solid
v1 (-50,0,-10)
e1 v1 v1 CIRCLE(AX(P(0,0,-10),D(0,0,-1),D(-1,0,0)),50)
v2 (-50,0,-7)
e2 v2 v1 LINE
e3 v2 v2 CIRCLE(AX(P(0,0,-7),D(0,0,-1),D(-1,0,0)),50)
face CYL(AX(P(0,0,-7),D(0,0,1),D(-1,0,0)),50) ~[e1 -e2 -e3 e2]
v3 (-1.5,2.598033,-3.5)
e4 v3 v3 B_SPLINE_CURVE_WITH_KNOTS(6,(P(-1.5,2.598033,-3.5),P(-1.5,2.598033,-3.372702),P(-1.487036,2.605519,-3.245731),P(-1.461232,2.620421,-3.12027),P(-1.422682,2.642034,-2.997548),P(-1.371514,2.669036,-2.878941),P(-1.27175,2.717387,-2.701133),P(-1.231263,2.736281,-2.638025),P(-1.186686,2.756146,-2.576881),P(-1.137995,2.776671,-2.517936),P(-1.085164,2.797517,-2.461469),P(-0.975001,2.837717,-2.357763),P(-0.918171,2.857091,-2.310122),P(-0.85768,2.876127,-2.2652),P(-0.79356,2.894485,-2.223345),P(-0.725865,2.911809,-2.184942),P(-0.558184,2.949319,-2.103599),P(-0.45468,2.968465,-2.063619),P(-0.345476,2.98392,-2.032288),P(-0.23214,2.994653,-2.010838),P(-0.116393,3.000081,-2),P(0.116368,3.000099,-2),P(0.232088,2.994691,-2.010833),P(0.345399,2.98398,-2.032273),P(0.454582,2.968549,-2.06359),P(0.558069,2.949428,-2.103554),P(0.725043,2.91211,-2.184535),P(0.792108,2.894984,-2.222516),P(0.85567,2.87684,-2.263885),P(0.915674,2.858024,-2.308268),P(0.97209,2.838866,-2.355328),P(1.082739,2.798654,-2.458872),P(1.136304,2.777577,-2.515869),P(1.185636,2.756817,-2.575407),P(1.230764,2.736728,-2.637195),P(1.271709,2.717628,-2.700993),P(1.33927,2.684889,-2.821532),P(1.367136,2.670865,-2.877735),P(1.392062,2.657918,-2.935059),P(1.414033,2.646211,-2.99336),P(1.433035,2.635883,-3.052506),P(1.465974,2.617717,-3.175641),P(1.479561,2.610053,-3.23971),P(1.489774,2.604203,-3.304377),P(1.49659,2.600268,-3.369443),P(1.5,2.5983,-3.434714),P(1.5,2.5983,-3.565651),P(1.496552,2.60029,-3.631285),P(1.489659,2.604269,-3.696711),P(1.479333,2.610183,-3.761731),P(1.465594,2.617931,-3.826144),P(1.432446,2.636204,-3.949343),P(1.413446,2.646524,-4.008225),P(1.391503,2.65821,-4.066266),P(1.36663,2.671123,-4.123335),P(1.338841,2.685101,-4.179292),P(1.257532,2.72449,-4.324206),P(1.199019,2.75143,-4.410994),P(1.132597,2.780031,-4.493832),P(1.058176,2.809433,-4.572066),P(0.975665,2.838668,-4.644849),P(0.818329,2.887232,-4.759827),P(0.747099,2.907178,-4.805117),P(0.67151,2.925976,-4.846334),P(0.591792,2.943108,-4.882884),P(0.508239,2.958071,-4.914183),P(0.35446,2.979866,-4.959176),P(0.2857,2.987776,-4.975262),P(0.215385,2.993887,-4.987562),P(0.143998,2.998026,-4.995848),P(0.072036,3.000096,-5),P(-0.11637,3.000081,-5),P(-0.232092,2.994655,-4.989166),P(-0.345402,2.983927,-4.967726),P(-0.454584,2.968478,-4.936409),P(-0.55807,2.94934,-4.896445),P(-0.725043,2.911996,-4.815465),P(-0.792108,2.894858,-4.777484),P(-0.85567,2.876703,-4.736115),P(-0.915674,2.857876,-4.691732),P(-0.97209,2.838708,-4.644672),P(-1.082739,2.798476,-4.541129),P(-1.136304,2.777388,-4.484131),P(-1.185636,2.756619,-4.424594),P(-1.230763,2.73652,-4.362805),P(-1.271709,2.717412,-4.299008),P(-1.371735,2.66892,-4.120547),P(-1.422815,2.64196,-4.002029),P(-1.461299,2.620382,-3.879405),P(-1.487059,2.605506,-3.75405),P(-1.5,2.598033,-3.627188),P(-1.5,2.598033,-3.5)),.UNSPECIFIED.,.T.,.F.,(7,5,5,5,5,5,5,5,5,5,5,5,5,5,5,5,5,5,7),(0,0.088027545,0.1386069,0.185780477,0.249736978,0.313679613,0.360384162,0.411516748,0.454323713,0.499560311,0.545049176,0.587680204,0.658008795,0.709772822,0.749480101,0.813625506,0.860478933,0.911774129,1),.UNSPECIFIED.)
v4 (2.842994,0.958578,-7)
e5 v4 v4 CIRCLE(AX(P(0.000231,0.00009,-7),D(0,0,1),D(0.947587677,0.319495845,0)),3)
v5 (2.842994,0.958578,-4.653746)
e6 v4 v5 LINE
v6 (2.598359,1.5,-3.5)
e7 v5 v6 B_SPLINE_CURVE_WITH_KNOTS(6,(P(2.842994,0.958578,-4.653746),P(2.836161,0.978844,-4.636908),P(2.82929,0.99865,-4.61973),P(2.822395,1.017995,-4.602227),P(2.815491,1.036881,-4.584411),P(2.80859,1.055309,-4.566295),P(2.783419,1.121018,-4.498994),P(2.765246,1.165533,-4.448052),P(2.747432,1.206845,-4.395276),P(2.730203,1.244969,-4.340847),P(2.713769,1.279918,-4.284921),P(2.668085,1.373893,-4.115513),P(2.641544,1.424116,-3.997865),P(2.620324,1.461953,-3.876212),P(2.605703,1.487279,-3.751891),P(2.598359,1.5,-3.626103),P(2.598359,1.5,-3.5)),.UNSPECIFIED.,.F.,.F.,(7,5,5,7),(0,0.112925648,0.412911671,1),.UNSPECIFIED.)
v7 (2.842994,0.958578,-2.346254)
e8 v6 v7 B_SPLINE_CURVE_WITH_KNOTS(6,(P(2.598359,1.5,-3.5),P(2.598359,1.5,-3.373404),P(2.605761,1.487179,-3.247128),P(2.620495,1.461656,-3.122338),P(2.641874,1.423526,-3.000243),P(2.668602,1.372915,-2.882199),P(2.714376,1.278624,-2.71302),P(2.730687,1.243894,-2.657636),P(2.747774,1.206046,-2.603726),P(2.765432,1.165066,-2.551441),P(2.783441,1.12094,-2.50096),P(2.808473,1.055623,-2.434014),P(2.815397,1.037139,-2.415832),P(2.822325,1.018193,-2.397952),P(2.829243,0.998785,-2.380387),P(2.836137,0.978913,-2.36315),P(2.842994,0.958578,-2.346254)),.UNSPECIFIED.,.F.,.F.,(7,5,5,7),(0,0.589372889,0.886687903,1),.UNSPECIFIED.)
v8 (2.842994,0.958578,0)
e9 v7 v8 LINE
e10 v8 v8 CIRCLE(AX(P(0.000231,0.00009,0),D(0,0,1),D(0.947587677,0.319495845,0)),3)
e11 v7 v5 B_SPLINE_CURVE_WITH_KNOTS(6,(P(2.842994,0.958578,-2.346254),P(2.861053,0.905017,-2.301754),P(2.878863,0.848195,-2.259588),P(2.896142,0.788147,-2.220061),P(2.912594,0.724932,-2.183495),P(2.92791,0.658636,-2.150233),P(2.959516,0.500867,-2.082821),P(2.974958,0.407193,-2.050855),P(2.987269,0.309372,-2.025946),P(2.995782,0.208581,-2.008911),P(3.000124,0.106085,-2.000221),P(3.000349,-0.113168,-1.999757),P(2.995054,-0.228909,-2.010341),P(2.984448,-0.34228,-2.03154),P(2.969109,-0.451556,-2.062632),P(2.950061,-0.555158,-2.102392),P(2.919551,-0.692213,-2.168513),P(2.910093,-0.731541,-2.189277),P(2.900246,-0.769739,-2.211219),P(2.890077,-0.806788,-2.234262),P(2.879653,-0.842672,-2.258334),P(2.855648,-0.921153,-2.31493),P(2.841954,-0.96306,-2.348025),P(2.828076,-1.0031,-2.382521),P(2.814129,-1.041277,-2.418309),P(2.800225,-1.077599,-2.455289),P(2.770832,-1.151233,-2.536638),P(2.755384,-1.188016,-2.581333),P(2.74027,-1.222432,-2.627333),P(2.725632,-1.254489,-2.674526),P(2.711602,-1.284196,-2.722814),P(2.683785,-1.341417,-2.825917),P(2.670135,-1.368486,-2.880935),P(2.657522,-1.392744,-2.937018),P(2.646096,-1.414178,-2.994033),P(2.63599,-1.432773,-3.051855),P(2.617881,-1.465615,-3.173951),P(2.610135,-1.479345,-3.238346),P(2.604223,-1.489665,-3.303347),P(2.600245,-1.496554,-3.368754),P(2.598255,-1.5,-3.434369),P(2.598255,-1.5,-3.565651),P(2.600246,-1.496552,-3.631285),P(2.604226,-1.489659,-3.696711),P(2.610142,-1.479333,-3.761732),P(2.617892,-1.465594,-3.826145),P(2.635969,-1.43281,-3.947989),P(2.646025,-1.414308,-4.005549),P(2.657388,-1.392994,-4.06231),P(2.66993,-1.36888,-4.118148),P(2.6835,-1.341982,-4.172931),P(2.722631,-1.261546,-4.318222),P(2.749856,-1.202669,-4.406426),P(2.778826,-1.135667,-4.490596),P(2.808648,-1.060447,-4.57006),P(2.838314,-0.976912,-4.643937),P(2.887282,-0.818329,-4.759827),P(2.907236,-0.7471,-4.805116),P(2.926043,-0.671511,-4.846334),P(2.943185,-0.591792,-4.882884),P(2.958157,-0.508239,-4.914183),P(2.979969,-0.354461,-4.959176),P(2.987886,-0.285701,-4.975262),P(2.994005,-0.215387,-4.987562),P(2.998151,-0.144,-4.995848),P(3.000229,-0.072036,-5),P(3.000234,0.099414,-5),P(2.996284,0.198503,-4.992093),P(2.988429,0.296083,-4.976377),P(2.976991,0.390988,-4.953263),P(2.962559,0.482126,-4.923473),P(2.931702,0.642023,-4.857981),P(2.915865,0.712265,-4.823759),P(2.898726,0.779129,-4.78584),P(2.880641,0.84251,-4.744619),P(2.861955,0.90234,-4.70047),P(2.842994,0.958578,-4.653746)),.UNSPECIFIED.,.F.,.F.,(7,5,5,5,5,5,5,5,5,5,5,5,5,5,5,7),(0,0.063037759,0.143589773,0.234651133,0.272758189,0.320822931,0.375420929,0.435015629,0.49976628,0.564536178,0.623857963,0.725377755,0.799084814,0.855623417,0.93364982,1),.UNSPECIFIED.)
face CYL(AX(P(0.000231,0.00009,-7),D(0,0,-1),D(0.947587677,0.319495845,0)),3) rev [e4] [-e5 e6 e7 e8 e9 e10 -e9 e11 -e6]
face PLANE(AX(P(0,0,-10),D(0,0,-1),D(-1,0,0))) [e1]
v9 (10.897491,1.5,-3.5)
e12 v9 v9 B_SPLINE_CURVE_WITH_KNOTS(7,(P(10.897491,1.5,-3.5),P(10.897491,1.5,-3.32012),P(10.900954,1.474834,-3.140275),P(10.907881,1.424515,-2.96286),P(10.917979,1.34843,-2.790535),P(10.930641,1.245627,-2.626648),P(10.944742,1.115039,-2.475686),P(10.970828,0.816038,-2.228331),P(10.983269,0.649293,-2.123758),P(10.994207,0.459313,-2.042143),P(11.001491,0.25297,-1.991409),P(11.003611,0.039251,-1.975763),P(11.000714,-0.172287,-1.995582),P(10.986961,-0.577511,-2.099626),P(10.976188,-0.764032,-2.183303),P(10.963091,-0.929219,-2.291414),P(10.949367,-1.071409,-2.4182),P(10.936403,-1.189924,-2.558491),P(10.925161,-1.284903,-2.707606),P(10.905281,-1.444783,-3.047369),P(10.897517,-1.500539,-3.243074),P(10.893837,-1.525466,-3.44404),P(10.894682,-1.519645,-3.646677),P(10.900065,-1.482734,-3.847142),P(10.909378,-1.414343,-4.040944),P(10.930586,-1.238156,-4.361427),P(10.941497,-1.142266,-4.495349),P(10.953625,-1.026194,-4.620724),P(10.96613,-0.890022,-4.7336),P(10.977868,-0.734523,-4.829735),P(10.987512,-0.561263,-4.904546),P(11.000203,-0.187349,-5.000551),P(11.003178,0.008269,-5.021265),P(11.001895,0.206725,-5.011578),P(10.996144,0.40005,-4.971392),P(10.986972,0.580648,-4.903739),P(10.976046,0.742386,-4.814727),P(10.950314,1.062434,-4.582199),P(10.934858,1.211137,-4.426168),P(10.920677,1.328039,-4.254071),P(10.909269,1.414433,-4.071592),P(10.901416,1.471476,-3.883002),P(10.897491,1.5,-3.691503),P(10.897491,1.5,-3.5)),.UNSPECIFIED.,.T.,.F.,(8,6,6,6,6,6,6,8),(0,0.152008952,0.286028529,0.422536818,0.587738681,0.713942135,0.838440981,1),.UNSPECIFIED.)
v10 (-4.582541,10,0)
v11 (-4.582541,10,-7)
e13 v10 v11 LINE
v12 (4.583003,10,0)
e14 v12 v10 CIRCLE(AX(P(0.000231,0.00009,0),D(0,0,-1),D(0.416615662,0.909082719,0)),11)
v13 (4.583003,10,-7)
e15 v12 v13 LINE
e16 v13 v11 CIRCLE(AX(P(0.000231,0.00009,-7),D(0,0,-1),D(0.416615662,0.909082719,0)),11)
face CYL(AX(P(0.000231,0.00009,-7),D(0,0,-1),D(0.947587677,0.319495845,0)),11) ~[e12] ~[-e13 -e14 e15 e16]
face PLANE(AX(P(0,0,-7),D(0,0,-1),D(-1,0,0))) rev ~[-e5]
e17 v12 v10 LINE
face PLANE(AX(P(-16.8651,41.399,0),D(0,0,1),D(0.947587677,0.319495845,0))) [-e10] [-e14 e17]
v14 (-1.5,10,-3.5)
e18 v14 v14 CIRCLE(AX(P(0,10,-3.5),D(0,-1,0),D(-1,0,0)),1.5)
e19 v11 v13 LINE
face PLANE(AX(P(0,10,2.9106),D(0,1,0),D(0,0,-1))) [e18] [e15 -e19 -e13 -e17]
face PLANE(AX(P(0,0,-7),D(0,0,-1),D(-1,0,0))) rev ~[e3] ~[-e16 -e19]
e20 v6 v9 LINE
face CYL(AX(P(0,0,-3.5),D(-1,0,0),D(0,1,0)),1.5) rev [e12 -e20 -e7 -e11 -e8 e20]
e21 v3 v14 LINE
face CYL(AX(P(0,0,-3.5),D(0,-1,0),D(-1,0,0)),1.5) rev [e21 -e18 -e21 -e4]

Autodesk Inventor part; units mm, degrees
ref_plane "YZ Plane" through (0, 0, 0) normal (1, 0, 0) x (0, 1, 0)
ref_plane "XZ Plane" through (0, 0, 0) normal (0, 1, 0) x (-1, 0, 0)
ref_plane "XY Plane" through (0, 0, 0) normal (0, 0, 1) x (1, 0, 0)
sketch "Sketch1" plane through (0, 0, 0) normal (0, 0, 1) x (1, 0, 0)
  spline S0 degree 3 poles (-8.9262, 55.5372) (-8.7839, 55.3802) (-8.4991, 55.0662) (-8.0852, 54.5835) (-7.6813, 54.0924) (-7.2889, 53.592) (-6.9084, 53.0826) (-6.5406, 52.5638) (-6.1865, 52.0357) (-5.8469, 51.4981) (-5.5231, 50.9508) (-5.2164, 50.3937) (-4.9286, 49.8267) (-4.6617, 49.2495) (-4.4187, 48.6617) (-4.2033, 48.0633) (-4.0539, 47.5547) (-3.9553, 47.1422) (-3.9241, 46.9325) (-3.9085, 46.8277) knots 0 0 0 0 0.063581 0.127162 0.190743 0.254324 0.317905 0.381486 0.445066 0.508647 0.572227 0.635807 0.699386 0.762964 0.826542 0.890117 0.953687 0.985476 1.017256 1.017256 1.017256 1.017256
  spline S1 degree 3 poles (-3.9085, 46.8277) (-3.8988, 46.6849) (-3.8795, 46.3993) (-3.8286, 45.9728) (-3.7545, 45.5498) (-3.6583, 45.1311) (-3.5319, 44.7205) (-3.3763, 44.3201) (-3.189, 43.9333) (-2.9645, 43.5666) (-2.7433, 43.2845) (-2.5493, 43.0739) (-2.3922, 42.9274) (-2.2262, 42.7911) (-2.0526, 42.6646) (-1.8686, 42.5537) (-1.678, 42.4548) (-1.4812, 42.3683) (-1.2769, 42.302) (-1.0697, 42.2449) (-0.8577, 42.21) (-0.6441, 42.187) (-0.3577, 42.1846) (0, 42.1894) (0.3577, 42.1846) (0.6441, 42.187) (0.8577, 42.21) (1.0697, 42.2449) (1.2769, 42.302) (1.4812, 42.3683) (1.678, 42.4548) (1.8686, 42.5537) (2.0526, 42.6646) (2.2262, 42.7911) (2.3922, 42.9274) (2.5493, 43.0739) (2.7433, 43.2845) (2.9645, 43.5666) (3.189, 43.9333) (3.3763, 44.3201) (3.5319, 44.7205) (3.6583, 45.1311) (3.7545, 45.5498) (3.8286, 45.9728) (3.8795, 46.3993) (3.8988, 46.6849) (3.9085, 46.8277) knots 0 0 0 0 0.04293 0.085861 0.12879 0.17172 0.214646 0.257562 0.300476 0.343394 0.386302 0.407769 0.429238 0.450698 0.472163 0.49363 0.515088 0.536554 0.558017 0.579478 0.600945 0.622403 0.64387 0.686802 0.729734 0.751201 0.772659 0.794126 0.815587 0.83705 0.858516 0.879974 0.901441 0.922906 0.944366 0.965835 0.987302 1.03021 1.073128 1.116042 1.158958 1.201884 1.244814 1.287743 1.330674 1.373604 1.373604 1.373604 1.373604
  spline S2 degree 3 poles (3.9085, 46.8277) (3.9241, 46.9325) (3.9553, 47.1422) (4.0539, 47.5547) (4.2033, 48.0633) (4.4187, 48.6617) (4.6617, 49.2495) (4.9286, 49.8267) (5.2164, 50.3937) (5.5231, 50.9508) (5.8469, 51.4981) (6.1865, 52.0357) (6.5406, 52.5638) (6.9084, 53.0826) (7.2889, 53.592) (7.6813, 54.0924) (8.0852, 54.5835) (8.4991, 55.0662) (8.7839, 55.3802) (8.9262, 55.5372) knots 0 0 0 0 0.03178 0.063568 0.127139 0.190714 0.254291 0.31787 0.381449 0.445029 0.508609 0.572189 0.63577 0.699351 0.762932 0.826513 0.890094 0.953675 1.017256 1.017256 1.017256 1.017256
  circle A0 centre (0, 0) radius 42.1875 construction
  circle A1 centre (0, 0) radius 46.9846 construction
  circle A2 centre (0, 0) radius 50 construction
  circle A3 centre (0, 0) radius 56.25
  point P0 (-8.5013, 55.0643)
  point P1 (-8.0869, 54.5821)
  point P2 (-7.6832, 54.0908)
  point P3 (-7.2909, 53.5905)
  point P4 (-6.9105, 53.081)
  point P5 (-6.5429, 52.5623)
  point P6 (-6.1889, 52.0341)
  point P7 (-5.8496, 51.4965)
  point P8 (-5.526, 50.9492)
  point P9 (-5.2196, 50.3921)
  point P10 (-4.9321, 49.825)
  point P11 (-4.6657, 49.2477)
  point P12 (-4.4233, 48.6599)
  point P13 (-4.2093, 48.0613)
  point P14 (-4.031, 47.4511)
  point P15 (-3.9598, 47.1413)
  point P16 (-3.8758, 46.3996)
  point P17 (-3.8247, 45.9733)
  point P18 (-3.7508, 45.5505)
  point P19 (-3.6533, 45.1324)
  point P20 (-3.527, 44.7221)
  point P21 (-3.371, 44.3223)
  point P22 (-3.1828, 43.9367)
  point P23 (-2.9576, 43.5713)
  point P24 (-2.6935, 43.2332)
  point P25 (-2.5474, 43.0758)
  point P26 (-2.3907, 42.9291)
  point P27 (-2.225, 42.7928)
  point P28 (-2.0509, 42.6672)
  point P29 (-1.8675, 42.5557)
  point P30 (-1.677, 42.4569)
  point P31 (-1.48, 42.3717)
  point P32 (-1.2764, 42.3036)
  point P33 (-1.069, 42.2486)
  point P34 (-0.8574, 42.212)
  point P35 (-0.6439, 42.1905)
  point P36 (-0.4293, 42.1857)
  point P37 (0, 42.1875)
  point P38 (0.4293, 42.1857)
  point P39 (0.6439, 42.1905)
  point P40 (0.8574, 42.212)
  point P41 (1.069, 42.2486)
  point P42 (1.2764, 42.3036)
  point P43 (1.48, 42.3717)
  point P44 (1.677, 42.4569)
  point P45 (1.8675, 42.5557)
  point P46 (2.0509, 42.6672)
  point P47 (2.225, 42.7928)
  point P48 (2.3907, 42.9291)
  point P49 (2.5474, 43.0758)
  point P50 (2.6935, 43.2332)
  point P51 (2.9576, 43.5713)
  point P52 (3.1828, 43.9367)
  point P53 (3.371, 44.3223)
  point P54 (3.527, 44.7221)
  point P55 (3.6533, 45.1324)
  point P56 (3.7508, 45.5505)
  point P57 (3.8247, 45.9733)
  point P58 (3.8758, 46.3996)
  point P59 (3.9598, 47.1413)
  point P60 (4.031, 47.4511)
  point P61 (4.2093, 48.0613)
  point P62 (4.4233, 48.6599)
  point P63 (4.6657, 49.2477)
  point P64 (4.9321, 49.825)
  point P65 (5.2196, 50.3921)
  point P66 (5.526, 50.9492)
  point P67 (5.8496, 51.4965)
  point P68 (6.1889, 52.0341)
  point P69 (6.5429, 52.5623)
  point P70 (6.9105, 53.081)
  point P71 (7.2909, 53.5905)
  point P72 (7.6832, 54.0908)
  point P73 (8.0869, 54.5821)
  point P74 (8.5013, 55.0643)
extrude "Extrusion1" add sketch "Sketch1" against normal blind 16
extrude "Extrusion2" cut sketch "Sketch1" against normal through all contours A3 S2 S1 S0 picked at (0.9155, 51.5438)
pattern_circular "Circular Pattern1" count 16 over 360 about axis through (0, 0, 0) along (0, 0, -1) of "Extrusion2"
sketch "Measuring" plane through (0, 0, -16) normal (0, 0, -1) x (-1, 0, 0)
  circle A0 centre (0, 0) radius 56.25 projected
  circle A1 centre (0, 0) radius 50
  circle A2 centre (73.063, 68.2774) radius 50 construction
  line L0 (27.9744, 52.4494) -> (54.2214, 24.3627) construction
  line L1 (41.0979, 38.406) -> (73.063, 68.2774) construction
  dimension "d37" = 100
  dimension "d45" = 6.25
  dimension "d46" = 100
  dimension "d47" = 43.75
sketch "Sketch11" plane through (0, 0, 0) normal (1, 0, 0) x (0, 1, 0)
  line L0 (13.8864, 0) -> (-13.8864, 0) construction
  line L1 (-13.8864, 0) -> (-13.8864, -7) construction
  line L2 (-13.8864, -7) -> (13.8864, -7) construction
  line L3 (13.8864, -7) -> (13.8864, 0) construction
  circle A0 centre (0, -3.5) radius 1.5 construction
  line L4 (-1.3941, -2) -> (1.3941, -2) construction
  line L5 (-3.9085, -16) -> (3.9085, -16) construction
  line L6 (-67.1444, 3.8787) -> (73.9482, 3.8787)
  line L7 (73.9482, 3.8787) -> (73.9482, -7)
  line L8 (73.9482, -7) -> (-67.1444, -7)
  line L9 (-67.1444, -7) -> (-67.1444, 3.8787)
  point P0 (0, 0)
  point P1 (0, 0)
  point P2 (-13.8864, -3.5)
  point P3 (0, -2)
  dimension "d48" = 3
  dimension "d49" = 2
  dimension "d50" = 9
  dimension "d58" = 7
extrude "Thinner" cut sketch "Sketch11" against normal through all both and the other way through all
sketch "Sketch12" plane through (-16.8651, 41.399, -7) normal (0, 0, 1) x (0.9476, 0.3195, 0)
  circle A0 centre (2.7546, -44.6175) radius 3
  dimension "d54" = 6
extrude "Hole" cut sketch "Sketch12" against normal blind 20
sketch "Sketch13" plane through (-16.8651, 41.399, -7) normal (0, 0, 1) x (0.9476, 0.3195, 0)
  circle A0 centre (2.7546, -44.6175) radius 11
  circle A1 centre (2.7546, -44.6175) radius 3 projected
  dimension "d57" = 8
extrude "Coupler" add sketch "Sketch13" along normal blind 7
sketch "Sketch14" plane through (-16.8651, 41.399, -7) normal (0, 0, 1) x (0.9476, 0.3195, 0)
  circle A0 centre (11.251, -19.4175) radius 9
  line L0 (16.2331, -4.641) -> (2.7546, -44.6175) construction
  circle A1 centre (2.7546, -44.6175) radius 11 construction
  circle A2 centre (2.7546, -44.6175) radius 11 construction
  line L1 (6.269, -34.194) -> (16.2331, -4.641) construction
  circle A3 centre (-14.821, -24.6594) radius 9
  circle A4 centre (-23.3174, -49.8593) radius 9
  circle A5 centre (-5.7418, -69.8174) radius 9
  circle A6 centre (20.3302, -64.5756) radius 9
  circle A7 centre (28.8266, -39.3756) radius 9
  dimension "d61" = 18
  dimension "d64" = 360
extrude "Cutouts" cut sketch "Sketch14" against normal through all
sketch "Sketch15" plane through (0, 0, 0) normal (1, 0, 0) x (0, 1, 0)
  circle A0 centre (0, -3.5) radius 1.5
  line L0 (11, 0) -> (-11, 0) projected
  line L1 (0, 0) -> (0, -7) construction
  line L2 (0, -7) -> (0, 0) construction
  line L3 (-11, -7) -> (11, -7) construction
  point P0 (0, 0)
  point P1 (-10.9663, -7)
  dimension "d68" = 3
extrude "SetScrewHole1" cut sketch "Sketch15" along normal through all
sketch "Sketch16" plane through (0, 0, 0) normal (0, 1, 0) x (-1, 0, 0)
  circle A0 centre (0, -3.5) radius 1.5
  line L0 (-11, -7) -> (11, -7) projected
  line L1 (0, 0) -> (0, -7) construction
  dimension "d71" = 3
extrude "Extrusion14" cut sketch "Sketch16" along normal through all
thread "Thread3" size "M3x0.5" class "6H" standard "ANSI Metric M Profile" full length
thread "Thread4" size "M3x0.5" class "6H" standard "ANSI Metric M Profile" full length
sketch "Sketch17" plane through (-16.8651, 41.399, -7) normal (0, 0, 1) x (0.9476, 0.3195, 0)
  line L0 (-62.2572, 14.3784) -> (64.742, 14.3784)
  line L1 (64.742, 14.3784) -> (64.742, -104.7192)
  line L2 (64.742, -104.7192) -> (-62.2572, -104.7192)
  line L3 (-62.2572, -104.7192) -> (-62.2572, 14.3784)
  point P0 (2.7546, -44.6175)
extrude "Extrusion15" cut sketch "Sketch17" against normal blind 10
sketch "Sketch18" plane through (0, 0, -7) normal (0, 0, -1) x (-1, 0, 0)
  circle A0 centre (0, 0) radius 50
  dimension "d80" = 100
extrude "Extrusion16" add sketch "Sketch18" along normal blind 3
sketch "Sketch19" plane through (0, 0, -10) normal (0, 0, -1) x (-1, 0, 0)
  line L0 (-50, 50) -> (50, 50) construction
  line L1 (50, 50) -> (50, -50) construction
  line L2 (50, -50) -> (-50, -50) construction
  line L3 (-50, -50) -> (-50, 50) construction
  circle A0 centre (0, 0) radius 50 projected
sketch "Sketch20" plane through (0, 0, 0) normal (1, 0, 0) x (0, 1, 0)
  line L0 (-50, -7) -> (50, -7) projected
  line L1 (18.4735, 2.9106) -> (10, 2.9106)
  line L2 (10, 2.9106) -> (10, -7)
  line L3 (10, -7) -> (18.4735, -7)
  line L4 (18.4735, -7) -> (18.4735, 2.9106)
  point P0 (0, 0)
  dimension "d124" = 10
extrude "Extrusion17" cut sketch "Sketch20" along normal through all both and the other way through all
equation "\"Module\" = 6.25"
equation "\"PressureAngle\" = 20deg"
equation "\"UnitProfileClearance\" = 0.25"
equation "\"UnitRoundRadius\" = 0.35"
equation "\"HeadDiameter\" = 112.5"
equation "\"RootDiameter\" = 84.375"
equation "\"BaseDiameter\" = 93.96926"
equation "\"HelixAngle\" = 0"
equation "\"UnitCorrection\" = 0"
equation "\"UnitAddendumModification\" = 0"
equation "\"CircularPitch\" = 19.634954"
equation "\"UnitBacklashShift\" = 0"
equation "\"TotalToolShift\" = 0"
equation "\"IsInternal\" = 0"
properties part number "wheel"
